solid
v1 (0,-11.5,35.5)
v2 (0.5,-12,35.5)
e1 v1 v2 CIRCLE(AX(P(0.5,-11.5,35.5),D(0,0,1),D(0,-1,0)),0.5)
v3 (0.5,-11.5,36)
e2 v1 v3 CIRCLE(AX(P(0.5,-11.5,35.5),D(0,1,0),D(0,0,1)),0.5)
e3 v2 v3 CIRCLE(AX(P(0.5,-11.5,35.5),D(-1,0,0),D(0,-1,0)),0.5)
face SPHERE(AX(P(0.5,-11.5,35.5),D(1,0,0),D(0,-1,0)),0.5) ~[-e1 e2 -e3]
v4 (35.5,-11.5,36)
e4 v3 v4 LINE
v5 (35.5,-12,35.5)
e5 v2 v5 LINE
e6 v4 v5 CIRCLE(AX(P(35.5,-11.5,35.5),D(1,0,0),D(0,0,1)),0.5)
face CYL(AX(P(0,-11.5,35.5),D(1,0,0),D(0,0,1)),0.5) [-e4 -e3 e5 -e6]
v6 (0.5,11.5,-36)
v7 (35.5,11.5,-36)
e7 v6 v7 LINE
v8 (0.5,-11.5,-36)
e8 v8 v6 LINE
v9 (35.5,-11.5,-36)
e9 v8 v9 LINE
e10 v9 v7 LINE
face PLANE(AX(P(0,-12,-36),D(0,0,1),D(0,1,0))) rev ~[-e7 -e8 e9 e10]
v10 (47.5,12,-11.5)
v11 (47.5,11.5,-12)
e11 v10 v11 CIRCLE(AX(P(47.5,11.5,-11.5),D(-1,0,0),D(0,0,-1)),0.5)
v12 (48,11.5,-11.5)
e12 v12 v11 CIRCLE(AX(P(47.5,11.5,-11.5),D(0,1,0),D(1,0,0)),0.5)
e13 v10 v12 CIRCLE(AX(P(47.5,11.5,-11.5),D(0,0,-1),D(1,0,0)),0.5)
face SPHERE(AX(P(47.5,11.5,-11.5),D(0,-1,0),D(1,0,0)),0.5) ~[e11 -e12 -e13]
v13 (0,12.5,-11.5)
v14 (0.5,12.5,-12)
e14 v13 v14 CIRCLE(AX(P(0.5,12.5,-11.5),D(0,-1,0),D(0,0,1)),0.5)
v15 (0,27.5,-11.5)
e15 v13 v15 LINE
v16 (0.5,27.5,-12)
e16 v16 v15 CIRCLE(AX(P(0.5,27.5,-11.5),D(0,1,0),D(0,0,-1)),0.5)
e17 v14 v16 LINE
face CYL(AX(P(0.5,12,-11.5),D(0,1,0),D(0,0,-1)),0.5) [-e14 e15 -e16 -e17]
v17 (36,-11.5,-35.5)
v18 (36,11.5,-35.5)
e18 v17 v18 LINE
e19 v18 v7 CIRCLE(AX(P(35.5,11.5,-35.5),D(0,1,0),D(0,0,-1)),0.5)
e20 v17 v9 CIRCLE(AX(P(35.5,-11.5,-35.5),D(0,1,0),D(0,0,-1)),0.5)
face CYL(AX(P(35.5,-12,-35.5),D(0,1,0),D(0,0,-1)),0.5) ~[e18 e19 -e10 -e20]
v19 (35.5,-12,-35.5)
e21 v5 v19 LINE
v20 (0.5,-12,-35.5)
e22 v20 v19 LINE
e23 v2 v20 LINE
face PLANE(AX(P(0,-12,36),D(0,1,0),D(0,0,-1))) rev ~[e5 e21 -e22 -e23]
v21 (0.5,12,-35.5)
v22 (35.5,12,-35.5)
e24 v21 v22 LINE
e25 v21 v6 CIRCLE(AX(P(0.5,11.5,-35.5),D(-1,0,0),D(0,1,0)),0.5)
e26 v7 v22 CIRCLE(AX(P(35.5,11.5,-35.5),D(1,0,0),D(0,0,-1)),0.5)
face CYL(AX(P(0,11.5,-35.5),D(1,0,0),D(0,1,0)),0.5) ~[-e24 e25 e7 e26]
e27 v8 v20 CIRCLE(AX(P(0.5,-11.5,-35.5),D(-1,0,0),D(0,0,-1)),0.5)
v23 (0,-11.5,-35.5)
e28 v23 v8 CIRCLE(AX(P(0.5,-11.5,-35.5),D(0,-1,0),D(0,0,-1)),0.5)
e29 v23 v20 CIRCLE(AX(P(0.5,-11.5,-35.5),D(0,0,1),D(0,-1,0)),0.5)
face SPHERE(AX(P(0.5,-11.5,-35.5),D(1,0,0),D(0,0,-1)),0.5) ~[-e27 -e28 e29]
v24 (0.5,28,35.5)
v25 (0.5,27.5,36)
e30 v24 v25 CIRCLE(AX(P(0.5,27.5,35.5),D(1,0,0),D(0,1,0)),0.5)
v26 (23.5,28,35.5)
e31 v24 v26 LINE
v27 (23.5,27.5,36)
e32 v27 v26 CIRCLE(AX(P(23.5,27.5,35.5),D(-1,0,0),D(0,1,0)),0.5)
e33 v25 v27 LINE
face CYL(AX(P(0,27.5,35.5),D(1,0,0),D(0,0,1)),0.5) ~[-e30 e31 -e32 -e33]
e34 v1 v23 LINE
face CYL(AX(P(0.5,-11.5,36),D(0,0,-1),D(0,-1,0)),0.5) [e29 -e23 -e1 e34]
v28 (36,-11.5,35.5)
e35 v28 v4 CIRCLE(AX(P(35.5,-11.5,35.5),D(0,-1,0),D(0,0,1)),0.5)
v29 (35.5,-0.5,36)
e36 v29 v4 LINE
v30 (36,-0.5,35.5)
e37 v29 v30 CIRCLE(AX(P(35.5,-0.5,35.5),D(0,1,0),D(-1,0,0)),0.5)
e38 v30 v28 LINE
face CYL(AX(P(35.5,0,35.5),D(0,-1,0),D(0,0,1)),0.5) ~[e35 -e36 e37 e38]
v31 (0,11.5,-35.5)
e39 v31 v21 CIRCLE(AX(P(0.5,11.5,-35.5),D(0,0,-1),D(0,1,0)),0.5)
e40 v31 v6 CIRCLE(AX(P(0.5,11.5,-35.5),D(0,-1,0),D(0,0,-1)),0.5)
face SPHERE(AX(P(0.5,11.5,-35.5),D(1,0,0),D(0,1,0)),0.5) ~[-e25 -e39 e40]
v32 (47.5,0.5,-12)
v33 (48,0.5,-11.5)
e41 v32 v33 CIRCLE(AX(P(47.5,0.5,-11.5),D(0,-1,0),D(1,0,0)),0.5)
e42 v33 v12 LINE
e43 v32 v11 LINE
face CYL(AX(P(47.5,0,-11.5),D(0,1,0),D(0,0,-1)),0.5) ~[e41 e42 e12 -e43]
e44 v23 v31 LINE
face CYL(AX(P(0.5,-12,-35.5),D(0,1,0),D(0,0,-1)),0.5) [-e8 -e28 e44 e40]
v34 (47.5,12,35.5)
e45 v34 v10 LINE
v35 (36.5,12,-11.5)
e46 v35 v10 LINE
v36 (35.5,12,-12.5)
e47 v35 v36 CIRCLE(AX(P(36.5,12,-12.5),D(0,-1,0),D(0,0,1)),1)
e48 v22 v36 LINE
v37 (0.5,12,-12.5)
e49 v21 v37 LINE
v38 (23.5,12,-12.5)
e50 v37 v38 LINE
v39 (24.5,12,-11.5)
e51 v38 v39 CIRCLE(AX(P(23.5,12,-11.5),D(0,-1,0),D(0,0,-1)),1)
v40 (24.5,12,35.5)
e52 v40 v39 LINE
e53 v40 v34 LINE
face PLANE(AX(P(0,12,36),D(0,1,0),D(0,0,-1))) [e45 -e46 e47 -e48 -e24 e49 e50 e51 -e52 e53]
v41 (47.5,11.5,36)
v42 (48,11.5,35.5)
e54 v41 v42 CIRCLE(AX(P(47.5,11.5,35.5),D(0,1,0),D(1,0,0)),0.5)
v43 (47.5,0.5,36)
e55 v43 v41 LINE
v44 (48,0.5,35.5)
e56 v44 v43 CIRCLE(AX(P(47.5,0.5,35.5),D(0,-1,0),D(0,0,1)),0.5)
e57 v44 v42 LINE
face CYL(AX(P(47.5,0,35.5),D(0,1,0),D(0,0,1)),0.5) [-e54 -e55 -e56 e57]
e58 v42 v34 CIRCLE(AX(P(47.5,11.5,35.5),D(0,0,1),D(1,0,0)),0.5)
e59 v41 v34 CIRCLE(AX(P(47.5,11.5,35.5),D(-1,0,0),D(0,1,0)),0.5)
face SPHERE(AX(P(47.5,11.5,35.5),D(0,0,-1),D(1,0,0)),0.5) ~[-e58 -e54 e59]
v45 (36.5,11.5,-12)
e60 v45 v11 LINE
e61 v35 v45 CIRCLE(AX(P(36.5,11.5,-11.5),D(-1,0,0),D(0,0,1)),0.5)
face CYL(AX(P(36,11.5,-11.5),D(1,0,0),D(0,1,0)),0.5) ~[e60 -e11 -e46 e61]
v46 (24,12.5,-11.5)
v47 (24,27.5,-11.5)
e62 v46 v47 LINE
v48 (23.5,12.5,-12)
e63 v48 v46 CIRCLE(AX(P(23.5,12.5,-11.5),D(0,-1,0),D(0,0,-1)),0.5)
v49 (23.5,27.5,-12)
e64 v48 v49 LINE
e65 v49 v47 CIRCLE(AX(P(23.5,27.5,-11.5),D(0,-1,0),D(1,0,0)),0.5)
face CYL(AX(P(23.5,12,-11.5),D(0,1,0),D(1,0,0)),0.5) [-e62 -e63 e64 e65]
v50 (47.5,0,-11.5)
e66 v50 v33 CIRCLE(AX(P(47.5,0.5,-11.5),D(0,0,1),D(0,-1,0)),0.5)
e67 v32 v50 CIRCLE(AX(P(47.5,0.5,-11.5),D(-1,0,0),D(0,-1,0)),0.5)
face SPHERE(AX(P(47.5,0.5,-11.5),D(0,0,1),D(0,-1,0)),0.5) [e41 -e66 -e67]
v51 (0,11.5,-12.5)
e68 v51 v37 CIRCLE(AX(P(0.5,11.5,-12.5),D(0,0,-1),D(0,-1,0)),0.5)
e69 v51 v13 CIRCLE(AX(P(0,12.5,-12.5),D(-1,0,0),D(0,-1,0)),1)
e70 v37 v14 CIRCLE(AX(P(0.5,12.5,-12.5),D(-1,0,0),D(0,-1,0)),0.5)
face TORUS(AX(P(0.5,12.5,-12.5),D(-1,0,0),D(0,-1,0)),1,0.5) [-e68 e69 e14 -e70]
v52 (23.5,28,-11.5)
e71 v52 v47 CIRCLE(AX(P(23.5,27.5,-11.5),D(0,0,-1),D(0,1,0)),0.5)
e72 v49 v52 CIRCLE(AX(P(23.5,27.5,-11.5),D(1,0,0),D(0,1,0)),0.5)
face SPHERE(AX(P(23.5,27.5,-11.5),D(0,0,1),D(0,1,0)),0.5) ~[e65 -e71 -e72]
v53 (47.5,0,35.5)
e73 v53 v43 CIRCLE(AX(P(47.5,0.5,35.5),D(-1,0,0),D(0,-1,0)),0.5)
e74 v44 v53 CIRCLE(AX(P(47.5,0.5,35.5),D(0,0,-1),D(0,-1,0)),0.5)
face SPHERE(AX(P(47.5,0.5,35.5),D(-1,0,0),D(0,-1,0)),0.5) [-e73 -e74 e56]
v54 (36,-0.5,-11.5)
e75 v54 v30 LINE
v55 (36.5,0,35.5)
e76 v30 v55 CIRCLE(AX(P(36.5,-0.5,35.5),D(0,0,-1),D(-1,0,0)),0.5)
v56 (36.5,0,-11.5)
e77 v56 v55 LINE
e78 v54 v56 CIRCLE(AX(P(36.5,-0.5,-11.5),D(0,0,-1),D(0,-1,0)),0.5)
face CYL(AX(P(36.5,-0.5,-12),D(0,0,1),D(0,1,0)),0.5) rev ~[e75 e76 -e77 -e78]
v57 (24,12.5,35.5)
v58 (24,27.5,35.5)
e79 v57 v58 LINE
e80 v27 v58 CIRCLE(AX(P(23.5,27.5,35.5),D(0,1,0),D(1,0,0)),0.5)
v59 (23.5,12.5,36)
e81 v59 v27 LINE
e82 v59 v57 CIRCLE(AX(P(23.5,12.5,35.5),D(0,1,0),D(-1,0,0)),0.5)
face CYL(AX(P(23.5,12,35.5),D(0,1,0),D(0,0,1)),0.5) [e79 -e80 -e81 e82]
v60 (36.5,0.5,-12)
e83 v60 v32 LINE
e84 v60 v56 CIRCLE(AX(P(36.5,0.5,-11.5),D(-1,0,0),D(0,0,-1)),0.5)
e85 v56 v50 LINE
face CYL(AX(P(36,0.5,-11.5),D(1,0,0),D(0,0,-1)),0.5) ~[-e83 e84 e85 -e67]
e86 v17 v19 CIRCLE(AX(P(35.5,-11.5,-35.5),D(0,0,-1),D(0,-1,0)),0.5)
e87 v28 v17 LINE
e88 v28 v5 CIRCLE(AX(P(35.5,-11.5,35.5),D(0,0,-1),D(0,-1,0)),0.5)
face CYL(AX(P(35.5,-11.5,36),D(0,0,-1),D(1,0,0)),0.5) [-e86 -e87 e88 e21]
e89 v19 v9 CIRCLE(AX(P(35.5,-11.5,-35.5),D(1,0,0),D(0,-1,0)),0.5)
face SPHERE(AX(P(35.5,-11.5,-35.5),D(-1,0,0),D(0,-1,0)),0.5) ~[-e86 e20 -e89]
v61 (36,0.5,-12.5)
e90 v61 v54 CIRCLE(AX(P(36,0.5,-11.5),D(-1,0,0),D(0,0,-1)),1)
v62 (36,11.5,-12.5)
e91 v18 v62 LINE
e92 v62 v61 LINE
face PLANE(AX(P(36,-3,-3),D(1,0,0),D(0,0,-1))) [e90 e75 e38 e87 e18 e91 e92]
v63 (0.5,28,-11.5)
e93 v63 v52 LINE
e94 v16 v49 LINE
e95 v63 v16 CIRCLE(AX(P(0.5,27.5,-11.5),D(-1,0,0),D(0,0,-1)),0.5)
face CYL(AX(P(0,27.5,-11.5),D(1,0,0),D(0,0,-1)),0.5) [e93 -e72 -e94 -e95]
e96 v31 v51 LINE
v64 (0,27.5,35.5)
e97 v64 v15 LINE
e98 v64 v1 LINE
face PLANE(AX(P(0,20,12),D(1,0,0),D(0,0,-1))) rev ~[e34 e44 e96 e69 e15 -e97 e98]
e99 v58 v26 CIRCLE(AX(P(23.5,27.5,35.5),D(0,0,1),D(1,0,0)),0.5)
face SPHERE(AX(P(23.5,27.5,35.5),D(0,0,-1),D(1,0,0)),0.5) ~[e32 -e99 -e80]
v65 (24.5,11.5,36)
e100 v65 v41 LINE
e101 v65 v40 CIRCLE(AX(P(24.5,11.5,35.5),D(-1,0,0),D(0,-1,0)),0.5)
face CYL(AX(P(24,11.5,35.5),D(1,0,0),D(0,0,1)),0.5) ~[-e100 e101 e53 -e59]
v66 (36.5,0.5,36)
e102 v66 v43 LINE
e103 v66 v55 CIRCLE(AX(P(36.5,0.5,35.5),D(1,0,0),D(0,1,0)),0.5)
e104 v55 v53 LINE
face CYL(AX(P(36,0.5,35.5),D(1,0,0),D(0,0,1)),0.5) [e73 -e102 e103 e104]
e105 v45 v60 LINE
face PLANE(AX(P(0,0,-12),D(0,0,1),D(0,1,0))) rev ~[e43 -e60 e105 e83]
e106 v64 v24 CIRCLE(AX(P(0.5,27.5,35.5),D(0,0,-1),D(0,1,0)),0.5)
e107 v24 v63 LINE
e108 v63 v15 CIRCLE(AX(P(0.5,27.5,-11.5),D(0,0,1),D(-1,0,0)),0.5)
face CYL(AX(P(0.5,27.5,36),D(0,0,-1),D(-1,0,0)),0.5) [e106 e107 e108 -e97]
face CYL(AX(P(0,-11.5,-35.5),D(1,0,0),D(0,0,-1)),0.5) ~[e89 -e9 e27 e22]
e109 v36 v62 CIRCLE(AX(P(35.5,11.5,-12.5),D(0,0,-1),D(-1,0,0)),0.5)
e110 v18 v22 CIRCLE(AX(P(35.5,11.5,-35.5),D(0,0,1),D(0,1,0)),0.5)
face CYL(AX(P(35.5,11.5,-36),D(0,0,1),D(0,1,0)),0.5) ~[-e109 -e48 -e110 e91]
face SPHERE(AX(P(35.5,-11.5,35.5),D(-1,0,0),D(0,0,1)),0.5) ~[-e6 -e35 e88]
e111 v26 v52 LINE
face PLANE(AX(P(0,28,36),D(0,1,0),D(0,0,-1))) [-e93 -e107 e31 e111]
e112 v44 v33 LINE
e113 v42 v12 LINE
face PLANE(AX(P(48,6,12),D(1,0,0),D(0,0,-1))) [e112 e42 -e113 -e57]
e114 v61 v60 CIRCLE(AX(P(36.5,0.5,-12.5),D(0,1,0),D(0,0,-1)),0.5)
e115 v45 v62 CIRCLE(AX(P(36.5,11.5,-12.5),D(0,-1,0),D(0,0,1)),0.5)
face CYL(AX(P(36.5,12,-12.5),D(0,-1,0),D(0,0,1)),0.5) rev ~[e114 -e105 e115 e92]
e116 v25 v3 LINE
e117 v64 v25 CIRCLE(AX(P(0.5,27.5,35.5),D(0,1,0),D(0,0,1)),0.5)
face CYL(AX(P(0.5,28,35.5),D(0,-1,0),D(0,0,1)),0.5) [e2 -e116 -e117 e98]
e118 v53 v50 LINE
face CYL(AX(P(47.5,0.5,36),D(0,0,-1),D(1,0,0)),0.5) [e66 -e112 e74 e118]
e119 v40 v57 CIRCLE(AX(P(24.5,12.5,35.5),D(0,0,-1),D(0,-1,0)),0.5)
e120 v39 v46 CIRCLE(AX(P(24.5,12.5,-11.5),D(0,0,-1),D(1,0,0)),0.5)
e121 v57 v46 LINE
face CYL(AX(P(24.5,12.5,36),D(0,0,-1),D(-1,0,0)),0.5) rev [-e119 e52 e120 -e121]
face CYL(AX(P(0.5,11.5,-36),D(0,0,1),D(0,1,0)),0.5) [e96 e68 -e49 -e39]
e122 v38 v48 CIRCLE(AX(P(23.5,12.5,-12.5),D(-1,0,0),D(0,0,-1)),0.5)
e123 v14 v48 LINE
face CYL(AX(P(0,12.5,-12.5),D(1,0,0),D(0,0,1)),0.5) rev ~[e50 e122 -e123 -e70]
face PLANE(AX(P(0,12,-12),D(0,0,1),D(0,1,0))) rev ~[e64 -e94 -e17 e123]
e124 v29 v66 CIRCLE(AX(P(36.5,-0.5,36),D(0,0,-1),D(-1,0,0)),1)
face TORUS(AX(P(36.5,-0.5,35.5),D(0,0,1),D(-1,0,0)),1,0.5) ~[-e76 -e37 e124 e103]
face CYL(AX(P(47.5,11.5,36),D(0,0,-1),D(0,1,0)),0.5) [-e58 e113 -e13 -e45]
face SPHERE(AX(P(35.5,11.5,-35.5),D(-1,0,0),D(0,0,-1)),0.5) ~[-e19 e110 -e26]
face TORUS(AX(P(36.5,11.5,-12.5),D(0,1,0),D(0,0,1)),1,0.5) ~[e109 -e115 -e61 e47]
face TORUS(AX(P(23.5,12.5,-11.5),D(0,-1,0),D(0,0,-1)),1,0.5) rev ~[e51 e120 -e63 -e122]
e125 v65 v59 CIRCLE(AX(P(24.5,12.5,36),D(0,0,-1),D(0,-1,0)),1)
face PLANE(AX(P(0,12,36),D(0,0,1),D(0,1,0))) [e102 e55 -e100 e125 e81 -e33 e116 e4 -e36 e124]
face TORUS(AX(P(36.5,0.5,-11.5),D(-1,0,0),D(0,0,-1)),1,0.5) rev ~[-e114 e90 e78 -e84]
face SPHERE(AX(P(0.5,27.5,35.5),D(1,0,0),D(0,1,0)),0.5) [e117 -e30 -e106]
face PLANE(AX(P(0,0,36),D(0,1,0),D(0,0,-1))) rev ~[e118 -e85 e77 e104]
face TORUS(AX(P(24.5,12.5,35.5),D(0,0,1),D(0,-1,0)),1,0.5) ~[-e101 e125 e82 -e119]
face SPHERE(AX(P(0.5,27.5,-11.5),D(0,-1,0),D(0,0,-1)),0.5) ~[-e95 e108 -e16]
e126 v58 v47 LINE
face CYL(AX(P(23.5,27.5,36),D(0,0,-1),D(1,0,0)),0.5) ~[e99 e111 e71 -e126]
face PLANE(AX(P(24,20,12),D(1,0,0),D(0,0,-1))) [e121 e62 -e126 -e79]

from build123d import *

# Parameters (mm, degrees)
BOSS_EXTRUDE1_DEPTH = 36
SKETCH1_3_W         = 48
SKETCH1_3_H         = 12
BOSS_EXTRUDE2_DEPTH = 48
SKETCH1_4_W         = 48
SKETCH1_4_H         = 16
BOSS_EXTRUDE3_DEPTH = 24
FILLET1_R           = 0.5


with BuildPart() as part:
    # Sketch1 → Boss-Extrude1 (new body)
    with BuildSketch(Plane(origin=(0, 0, 0), x_dir=(0, 0, -1), z_dir=(1, 0, 0))):
        Polygon((-36, 0), (-36, -12), (36, -12), (36, 12), (12, 12), (12, 0), align=None)
    extrude(amount=BOSS_EXTRUDE1_DEPTH)

    # Sketch1<3> → Boss-Extrude2 (add)
    with BuildSketch(Plane(origin=(0, 0, 0), x_dir=(0, 0, -1), z_dir=(1, 0, 0))):
        with Locations((-12, 6)):
            Rectangle(SKETCH1_3_W, SKETCH1_3_H)
    extrude(amount=BOSS_EXTRUDE2_DEPTH)

    # Sketch1<4> → Boss-Extrude3 (add)
    with BuildSketch(Plane(origin=(0, 0, 0), x_dir=(0, 0, -1), z_dir=(1, 0, 0))):
        with Locations((-12, 20)):
            Rectangle(SKETCH1_4_W, SKETCH1_4_H)
    extrude(amount=BOSS_EXTRUDE3_DEPTH)

    # Fillet1
    fillet1_edges = [part.edges().sort_by_distance(p)[0] for p in [
        (36, 0, 12),
        (18, 12, -36),
        (18, -12, -36),
        (18, -12, 36),
        (36, -6, 36),
        (36, -12, 0),
        (42, 0, 36),
        (48, 0, 12),
        (42, 0, -12),
        (48, 6, -12),
        (48, 12, 12),
        (42, 12, -12),
        (48, 6, 36),
        (36, 12, 36),
        (36, 0, -36),
        (36, 12, -24),
        (0, 12, -24),
        (0, 20, -12),
        (12, 12, -12),
        (24, 28, 12),
        (12, 28, -12),
        (24, 20, 36),
        (12, 28, 36),
        (24, 12, 12),
        (24, 20, -12),
        (0, 28, 12),
        (36, 6, -12),
        (0, 0, -36),
        (0, -12, 0),
        (0, 8, 36),
    ]]
    fillet(fillet1_edges, radius=FILLET1_R)


solid = part.part
